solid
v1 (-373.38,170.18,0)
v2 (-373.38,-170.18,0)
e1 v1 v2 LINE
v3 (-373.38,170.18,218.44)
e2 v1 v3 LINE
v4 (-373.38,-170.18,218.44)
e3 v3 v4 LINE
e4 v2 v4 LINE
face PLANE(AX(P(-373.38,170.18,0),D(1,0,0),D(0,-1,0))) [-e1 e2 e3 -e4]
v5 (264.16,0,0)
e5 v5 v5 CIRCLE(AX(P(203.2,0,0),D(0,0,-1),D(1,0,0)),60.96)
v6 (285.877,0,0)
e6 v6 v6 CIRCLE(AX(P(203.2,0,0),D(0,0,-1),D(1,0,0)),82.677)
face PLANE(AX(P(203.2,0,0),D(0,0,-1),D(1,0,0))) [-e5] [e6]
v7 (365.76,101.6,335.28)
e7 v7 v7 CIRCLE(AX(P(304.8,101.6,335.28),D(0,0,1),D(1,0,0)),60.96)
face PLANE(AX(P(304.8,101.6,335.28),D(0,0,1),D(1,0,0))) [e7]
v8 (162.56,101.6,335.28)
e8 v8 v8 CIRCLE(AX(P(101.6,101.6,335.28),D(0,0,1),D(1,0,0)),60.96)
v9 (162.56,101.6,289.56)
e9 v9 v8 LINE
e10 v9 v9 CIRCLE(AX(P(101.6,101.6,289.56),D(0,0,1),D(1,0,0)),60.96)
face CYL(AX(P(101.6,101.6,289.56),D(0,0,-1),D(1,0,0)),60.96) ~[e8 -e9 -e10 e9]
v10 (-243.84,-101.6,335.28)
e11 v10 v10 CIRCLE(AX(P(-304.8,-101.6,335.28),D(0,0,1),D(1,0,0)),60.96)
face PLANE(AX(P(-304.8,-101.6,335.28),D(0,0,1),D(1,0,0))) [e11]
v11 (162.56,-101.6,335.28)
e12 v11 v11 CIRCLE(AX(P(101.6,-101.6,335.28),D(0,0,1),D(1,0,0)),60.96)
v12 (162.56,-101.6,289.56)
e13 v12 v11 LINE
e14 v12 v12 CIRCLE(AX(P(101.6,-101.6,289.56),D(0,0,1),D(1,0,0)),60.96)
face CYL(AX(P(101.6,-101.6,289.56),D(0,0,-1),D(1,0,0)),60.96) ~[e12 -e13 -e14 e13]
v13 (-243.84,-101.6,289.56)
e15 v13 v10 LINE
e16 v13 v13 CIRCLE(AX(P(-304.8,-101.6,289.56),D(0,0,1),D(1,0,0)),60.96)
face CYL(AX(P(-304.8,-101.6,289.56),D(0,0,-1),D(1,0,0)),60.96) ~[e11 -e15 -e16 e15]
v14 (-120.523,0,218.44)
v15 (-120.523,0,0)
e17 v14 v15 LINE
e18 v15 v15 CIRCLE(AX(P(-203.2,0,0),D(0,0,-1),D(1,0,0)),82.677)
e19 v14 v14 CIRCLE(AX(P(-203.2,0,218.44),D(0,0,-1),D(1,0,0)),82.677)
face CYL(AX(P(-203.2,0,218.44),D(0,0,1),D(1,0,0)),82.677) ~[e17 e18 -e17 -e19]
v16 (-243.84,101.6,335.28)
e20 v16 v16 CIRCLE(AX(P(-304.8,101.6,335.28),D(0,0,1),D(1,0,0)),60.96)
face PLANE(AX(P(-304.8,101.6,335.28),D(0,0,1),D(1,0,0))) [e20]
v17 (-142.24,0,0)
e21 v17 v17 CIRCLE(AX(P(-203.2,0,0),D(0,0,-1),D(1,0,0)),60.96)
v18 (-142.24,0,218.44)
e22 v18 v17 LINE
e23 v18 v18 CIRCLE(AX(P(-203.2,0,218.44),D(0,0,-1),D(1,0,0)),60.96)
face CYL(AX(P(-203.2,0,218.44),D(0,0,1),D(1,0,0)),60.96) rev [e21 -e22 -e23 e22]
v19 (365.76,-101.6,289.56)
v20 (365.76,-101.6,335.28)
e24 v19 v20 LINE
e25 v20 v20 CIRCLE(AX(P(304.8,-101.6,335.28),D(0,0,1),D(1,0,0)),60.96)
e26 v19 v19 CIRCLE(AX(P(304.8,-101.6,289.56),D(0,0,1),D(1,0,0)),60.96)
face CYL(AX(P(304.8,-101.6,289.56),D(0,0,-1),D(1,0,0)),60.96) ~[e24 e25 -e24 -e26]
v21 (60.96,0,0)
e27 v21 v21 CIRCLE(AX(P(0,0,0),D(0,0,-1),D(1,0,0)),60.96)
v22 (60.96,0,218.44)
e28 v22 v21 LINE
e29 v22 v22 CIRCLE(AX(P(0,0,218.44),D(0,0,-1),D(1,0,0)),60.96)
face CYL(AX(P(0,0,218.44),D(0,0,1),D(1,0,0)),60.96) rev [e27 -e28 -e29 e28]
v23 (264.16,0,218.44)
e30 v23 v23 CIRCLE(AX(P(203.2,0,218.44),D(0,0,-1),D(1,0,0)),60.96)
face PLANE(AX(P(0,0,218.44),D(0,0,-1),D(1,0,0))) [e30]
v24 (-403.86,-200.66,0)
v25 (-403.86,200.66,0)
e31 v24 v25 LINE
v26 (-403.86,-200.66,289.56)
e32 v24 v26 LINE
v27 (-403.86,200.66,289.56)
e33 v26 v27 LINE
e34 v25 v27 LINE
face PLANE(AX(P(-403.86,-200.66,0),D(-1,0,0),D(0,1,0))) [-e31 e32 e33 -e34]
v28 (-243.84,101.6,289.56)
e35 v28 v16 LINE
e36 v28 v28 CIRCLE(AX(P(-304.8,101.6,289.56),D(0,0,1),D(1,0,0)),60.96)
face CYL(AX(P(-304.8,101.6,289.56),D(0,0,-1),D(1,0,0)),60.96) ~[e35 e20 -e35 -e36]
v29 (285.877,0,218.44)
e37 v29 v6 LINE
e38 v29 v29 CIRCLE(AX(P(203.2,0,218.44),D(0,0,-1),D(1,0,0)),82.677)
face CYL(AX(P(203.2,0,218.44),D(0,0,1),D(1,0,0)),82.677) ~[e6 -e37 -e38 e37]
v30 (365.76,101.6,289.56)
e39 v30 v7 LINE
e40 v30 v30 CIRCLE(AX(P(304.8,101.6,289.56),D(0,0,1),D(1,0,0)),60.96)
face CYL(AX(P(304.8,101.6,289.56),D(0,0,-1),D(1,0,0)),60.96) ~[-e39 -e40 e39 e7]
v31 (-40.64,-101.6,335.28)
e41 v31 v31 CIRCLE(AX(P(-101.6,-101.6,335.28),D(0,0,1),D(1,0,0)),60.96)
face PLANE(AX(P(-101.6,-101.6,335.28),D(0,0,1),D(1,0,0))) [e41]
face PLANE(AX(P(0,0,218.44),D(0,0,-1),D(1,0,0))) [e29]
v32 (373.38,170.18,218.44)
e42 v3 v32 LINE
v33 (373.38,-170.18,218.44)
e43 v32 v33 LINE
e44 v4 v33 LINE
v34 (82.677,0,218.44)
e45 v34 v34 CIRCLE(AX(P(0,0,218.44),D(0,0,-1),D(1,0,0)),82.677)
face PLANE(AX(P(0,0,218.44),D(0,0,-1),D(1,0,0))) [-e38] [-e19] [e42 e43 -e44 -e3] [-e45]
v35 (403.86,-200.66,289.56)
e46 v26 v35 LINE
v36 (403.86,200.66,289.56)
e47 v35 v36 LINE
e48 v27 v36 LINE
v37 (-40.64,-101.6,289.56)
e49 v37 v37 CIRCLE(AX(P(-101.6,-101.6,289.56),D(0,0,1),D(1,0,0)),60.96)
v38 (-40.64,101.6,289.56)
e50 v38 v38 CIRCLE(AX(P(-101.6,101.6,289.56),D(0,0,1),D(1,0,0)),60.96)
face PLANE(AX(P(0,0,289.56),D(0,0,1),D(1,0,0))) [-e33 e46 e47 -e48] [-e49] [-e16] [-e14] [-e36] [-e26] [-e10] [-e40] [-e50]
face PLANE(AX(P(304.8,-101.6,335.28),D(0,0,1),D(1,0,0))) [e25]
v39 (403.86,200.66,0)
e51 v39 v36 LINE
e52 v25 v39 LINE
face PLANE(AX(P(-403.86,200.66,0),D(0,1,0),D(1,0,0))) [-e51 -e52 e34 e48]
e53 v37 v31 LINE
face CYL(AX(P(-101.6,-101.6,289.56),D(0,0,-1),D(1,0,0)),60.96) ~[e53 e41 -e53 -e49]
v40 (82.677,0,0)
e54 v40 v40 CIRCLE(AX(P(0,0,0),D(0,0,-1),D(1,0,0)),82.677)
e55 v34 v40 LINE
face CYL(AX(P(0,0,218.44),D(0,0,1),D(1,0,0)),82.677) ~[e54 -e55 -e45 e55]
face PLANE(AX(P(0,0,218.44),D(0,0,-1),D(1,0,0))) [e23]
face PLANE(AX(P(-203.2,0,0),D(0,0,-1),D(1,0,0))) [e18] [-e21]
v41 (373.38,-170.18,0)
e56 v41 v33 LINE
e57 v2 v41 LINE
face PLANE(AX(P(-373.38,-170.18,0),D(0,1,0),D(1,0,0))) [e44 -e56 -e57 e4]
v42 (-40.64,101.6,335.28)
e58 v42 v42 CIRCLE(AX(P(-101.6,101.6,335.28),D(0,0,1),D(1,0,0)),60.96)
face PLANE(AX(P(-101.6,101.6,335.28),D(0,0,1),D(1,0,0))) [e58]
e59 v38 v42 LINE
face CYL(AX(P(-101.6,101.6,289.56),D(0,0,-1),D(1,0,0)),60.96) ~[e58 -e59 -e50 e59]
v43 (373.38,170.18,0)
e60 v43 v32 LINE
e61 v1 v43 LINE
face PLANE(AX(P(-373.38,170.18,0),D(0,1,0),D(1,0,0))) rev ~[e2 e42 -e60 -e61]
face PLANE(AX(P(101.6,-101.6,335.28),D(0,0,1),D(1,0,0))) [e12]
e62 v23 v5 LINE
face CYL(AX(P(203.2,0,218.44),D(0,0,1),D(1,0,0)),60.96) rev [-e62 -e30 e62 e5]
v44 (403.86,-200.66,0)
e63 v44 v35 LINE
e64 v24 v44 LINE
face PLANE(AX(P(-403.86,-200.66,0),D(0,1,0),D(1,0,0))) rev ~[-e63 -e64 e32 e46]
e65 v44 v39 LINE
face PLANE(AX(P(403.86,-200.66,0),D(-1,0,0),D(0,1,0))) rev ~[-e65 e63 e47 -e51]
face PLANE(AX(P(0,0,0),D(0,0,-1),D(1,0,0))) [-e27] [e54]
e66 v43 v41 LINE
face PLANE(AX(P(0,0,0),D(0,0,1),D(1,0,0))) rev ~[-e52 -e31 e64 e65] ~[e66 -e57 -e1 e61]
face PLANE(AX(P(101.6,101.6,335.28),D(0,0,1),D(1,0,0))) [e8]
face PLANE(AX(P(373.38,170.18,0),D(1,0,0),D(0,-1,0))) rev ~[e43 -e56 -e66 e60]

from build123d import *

# Parameters (mm, degrees)
F0_W     = 807.72
F0_H     = 401.32
F1_DEPTH = 289.56
F2_R     = 60.96
F3_DEPTH = 45.72
F4_W     = 746.76
F4_H     = 340.36
F5_DEPTH = 218.44
F6_R     = 82.677
F6_R_2   = 60.96
F7_DEPTH = 218.44


with BuildPart() as f1:
    # F0 (on Top) → F1 (new body)
    with BuildSketch(Plane.XY):
        Rectangle(F0_W, F0_H)
    extrude(amount=F1_DEPTH)

    # F2 (on face) → F3 (join)
    with BuildSketch(Plane.XY.offset(289.56)):
        with Locations((-304.8, -101.6)):
            Circle(F2_R)
        with Locations((-304.8, 101.6)):
            Circle(F2_R)
        with Locations((-101.6, 101.6)):
            Circle(F2_R)
        with Locations((-101.6, -101.6)):
            Circle(F2_R)
        with Locations((101.6, -101.6)):
            Circle(F2_R)
        with Locations((101.6, 101.6)):
            Circle(F2_R)
        with Locations((304.8, 101.6)):
            Circle(F2_R)
        with Locations((304.8, -101.6)):
            Circle(F2_R)
    extrude(amount=F3_DEPTH)

    # F4 (on face) → F5 (cut)
    with BuildSketch(Plane(origin=(0, 0, 0), x_dir=(1, 0, 0), z_dir=(0, 0, -1))):
        Rectangle(F4_W, F4_H)
    extrude(amount=-F5_DEPTH, mode=Mode.SUBTRACT)

    # F6 (on face) → F7 (join)
    with BuildSketch(Plane(origin=(0, 0, 218.44), x_dir=(1, 0, 0), z_dir=(0, 0, -1))):
        with Locations((-203.2, 0)):
            Circle(F6_R)
        with Locations((-203.2, 0)):
            Circle(F6_R_2, mode=Mode.SUBTRACT)
        Circle(F6_R)
        Circle(F6_R_2, mode=Mode.SUBTRACT)
        with Locations((203.2, 0)):
            Circle(F6_R)
        with Locations((203.2, 0)):
            Circle(F6_R_2, mode=Mode.SUBTRACT)
    extrude(amount=F7_DEPTH)


solid = f1.part
